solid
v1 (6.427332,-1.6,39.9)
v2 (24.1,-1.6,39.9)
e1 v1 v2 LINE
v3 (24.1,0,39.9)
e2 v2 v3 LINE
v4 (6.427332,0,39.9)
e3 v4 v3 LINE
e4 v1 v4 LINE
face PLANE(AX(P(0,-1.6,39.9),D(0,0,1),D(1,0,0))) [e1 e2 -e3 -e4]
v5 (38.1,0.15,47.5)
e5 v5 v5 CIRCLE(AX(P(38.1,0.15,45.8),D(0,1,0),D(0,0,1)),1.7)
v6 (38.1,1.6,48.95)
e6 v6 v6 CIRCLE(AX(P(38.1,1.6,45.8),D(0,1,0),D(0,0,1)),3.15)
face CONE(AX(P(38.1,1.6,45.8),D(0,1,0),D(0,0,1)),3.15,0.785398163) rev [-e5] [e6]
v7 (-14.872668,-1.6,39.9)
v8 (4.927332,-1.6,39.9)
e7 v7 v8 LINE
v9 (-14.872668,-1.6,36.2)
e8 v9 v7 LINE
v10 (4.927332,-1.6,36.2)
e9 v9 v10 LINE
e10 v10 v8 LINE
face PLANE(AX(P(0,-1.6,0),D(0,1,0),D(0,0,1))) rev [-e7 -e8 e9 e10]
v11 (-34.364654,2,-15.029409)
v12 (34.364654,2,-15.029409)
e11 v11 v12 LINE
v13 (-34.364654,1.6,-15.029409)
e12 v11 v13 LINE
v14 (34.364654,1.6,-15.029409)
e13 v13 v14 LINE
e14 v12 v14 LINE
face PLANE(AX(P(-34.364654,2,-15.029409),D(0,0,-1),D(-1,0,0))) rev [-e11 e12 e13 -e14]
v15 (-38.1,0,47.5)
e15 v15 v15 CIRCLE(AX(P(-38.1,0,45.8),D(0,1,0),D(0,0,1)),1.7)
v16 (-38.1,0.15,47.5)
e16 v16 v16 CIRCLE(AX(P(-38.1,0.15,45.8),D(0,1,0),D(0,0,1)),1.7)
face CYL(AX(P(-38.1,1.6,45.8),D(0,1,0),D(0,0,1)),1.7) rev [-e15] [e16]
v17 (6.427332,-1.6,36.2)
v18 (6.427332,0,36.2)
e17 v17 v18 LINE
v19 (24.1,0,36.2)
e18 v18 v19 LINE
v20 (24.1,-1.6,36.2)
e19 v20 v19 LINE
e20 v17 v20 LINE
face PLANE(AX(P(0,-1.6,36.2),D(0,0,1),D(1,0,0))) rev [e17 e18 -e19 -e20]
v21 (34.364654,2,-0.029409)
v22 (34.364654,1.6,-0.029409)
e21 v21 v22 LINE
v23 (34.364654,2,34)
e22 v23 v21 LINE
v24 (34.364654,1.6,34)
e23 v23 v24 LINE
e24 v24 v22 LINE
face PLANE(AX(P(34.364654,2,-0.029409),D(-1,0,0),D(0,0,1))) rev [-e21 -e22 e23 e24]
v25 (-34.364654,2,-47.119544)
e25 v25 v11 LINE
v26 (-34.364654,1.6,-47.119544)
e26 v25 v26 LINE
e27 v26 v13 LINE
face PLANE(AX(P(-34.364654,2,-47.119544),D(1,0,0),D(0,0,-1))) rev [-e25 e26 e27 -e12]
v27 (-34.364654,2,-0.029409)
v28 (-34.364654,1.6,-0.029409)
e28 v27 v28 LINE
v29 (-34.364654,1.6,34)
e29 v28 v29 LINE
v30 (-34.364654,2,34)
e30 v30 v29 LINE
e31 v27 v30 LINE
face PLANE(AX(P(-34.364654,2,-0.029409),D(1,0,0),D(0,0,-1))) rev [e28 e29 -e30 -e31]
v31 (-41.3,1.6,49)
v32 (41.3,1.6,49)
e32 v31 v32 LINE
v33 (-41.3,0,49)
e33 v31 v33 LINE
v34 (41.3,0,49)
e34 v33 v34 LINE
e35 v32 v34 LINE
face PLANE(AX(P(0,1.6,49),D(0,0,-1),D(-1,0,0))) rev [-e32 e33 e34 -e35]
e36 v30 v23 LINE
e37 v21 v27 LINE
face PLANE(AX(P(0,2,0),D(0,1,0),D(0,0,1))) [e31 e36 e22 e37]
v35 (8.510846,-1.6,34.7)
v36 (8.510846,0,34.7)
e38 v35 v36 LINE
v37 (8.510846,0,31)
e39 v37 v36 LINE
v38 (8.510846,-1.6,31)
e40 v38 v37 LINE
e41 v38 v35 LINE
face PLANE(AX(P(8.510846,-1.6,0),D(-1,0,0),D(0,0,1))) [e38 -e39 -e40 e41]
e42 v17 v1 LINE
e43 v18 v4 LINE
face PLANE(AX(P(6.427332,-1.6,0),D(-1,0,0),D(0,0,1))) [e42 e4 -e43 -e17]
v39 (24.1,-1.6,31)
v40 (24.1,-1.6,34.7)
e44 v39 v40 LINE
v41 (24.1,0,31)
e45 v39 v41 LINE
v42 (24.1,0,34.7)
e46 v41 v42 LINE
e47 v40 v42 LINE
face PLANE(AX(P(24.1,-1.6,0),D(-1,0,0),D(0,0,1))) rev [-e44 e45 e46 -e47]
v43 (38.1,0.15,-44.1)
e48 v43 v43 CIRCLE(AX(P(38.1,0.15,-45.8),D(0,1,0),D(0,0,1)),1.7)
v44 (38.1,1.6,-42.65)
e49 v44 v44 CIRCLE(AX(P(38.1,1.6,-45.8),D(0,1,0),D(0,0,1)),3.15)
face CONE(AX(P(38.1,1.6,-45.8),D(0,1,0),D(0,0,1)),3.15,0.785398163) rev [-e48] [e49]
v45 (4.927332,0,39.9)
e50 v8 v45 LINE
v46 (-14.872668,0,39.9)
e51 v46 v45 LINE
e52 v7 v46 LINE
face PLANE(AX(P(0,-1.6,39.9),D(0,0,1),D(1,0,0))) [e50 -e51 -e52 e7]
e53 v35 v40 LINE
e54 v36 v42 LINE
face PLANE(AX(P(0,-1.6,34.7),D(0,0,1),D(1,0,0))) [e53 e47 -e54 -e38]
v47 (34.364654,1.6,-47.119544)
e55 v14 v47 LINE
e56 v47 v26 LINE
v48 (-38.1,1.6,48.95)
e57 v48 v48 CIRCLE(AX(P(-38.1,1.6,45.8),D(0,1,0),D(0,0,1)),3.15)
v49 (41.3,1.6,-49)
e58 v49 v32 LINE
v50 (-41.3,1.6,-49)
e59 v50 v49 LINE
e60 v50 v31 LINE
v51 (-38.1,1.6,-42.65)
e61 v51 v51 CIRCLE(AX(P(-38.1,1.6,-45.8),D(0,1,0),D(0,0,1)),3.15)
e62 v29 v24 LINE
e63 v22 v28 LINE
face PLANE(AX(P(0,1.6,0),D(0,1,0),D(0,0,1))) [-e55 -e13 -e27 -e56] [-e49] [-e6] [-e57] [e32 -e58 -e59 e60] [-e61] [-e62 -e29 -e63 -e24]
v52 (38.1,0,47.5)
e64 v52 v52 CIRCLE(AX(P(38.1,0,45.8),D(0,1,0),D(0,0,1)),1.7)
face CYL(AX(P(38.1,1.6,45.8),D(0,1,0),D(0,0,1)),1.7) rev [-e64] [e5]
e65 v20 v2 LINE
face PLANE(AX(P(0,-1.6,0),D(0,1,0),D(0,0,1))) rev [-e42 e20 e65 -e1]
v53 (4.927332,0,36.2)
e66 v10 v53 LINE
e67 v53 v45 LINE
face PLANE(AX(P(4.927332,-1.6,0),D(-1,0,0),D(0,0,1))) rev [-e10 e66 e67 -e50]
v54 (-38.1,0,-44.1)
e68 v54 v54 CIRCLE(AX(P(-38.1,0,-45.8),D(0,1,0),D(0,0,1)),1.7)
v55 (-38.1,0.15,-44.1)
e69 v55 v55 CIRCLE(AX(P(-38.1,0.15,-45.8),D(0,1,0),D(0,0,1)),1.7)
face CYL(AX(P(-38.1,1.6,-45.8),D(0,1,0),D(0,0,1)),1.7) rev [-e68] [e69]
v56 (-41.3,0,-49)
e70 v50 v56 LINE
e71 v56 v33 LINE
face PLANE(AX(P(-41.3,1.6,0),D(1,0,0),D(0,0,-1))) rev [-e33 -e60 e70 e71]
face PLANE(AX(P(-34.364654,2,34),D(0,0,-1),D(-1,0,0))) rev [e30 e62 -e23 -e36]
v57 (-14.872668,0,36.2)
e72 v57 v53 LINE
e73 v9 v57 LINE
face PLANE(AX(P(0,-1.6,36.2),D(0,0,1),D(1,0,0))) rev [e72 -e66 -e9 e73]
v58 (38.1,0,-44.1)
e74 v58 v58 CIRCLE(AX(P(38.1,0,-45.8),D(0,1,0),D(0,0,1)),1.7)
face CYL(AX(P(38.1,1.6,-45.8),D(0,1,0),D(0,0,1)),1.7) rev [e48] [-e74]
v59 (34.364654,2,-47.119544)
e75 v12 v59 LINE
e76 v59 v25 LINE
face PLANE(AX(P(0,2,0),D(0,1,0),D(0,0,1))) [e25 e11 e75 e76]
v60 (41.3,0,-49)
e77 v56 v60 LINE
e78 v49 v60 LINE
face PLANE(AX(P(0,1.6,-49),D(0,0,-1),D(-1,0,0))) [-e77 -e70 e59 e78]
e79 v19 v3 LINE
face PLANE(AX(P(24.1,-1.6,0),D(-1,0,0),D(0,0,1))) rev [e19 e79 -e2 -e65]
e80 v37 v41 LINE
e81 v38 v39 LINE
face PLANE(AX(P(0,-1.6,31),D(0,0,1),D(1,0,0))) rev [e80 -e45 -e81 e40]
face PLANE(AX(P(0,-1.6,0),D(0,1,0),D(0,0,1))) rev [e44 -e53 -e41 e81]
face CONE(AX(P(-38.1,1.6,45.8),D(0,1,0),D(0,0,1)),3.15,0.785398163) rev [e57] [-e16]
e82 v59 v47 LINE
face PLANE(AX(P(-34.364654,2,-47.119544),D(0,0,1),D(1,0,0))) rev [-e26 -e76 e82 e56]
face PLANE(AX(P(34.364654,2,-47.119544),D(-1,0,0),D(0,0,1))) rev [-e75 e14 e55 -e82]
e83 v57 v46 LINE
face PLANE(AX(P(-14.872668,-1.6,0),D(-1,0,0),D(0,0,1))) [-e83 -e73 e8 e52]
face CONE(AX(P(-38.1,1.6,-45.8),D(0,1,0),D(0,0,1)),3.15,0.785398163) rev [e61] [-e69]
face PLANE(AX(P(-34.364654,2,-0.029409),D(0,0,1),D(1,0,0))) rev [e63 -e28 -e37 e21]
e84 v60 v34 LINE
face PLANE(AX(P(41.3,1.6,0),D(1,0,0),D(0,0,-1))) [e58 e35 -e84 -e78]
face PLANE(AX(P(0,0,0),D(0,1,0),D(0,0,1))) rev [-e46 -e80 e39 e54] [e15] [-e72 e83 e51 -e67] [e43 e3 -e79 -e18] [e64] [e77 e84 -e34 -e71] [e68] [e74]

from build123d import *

# Parameters (mm, degrees)
SKETCH1_W                                       = 82.6
SKETCH1_H                                       = 98
SKETCH1_R                                       = 1.6
BOSS_EXTRUDE1_DEPTH                             = 1.6
SKETCH1_3_W                                     = 19.8
SKETCH1_3_H                                     = 3.7
SKETCH1_3_W_2                                   = 17.672668113
SKETCH1_3_W_3                                   = 15.589154013
BOSS_EXTRUDE2_DEPTH                             = 1.6
SKETCH2_W                                       = 68.729308582
SKETCH2_H                                       = 32.090135436
SKETCH2_H_2                                     = 34.029409061
BOSS_EXTRUDE3_DEPTH                             = 0.4
CSK_FOR_M3_FLAT_HEAD_MACHINE_SCREW1_D           = 3.4
CSK_FOR_M3_FLAT_HEAD_MACHINE_SCREW1_DEPTH       = 3.15
CSK_FOR_M3_FLAT_HEAD_MACHINE_SCREW1_CSINK_D     = 6.3
CSK_FOR_M3_FLAT_HEAD_MACHINE_SCREW1_CSINK_ANGLE = 90
CSK_FOR_M3_FLAT_HEAD_MACHINE_SCREW1_TIP         = 1.021463052


with BuildPart() as part:
    # Sketch1 → Boss-Extrude1 (new body)
    with BuildSketch(Plane(origin=(0, 0, 0), x_dir=(1, 0, 0), z_dir=(0, 1, 0))):
        Rectangle(SKETCH1_W, SKETCH1_H)
        with Locations((-38.1, -45.8)):
            Circle(SKETCH1_R, mode=Mode.SUBTRACT)
        with Locations((38.1, -45.8)):
            Circle(SKETCH1_R, mode=Mode.SUBTRACT)
        with Locations((-38.1, 45.8)):
            Circle(SKETCH1_R, mode=Mode.SUBTRACT)
        with Locations((38.1, 45.8)):
            Circle(SKETCH1_R, mode=Mode.SUBTRACT)
    extrude(amount=BOSS_EXTRUDE1_DEPTH)

    # Sketch1<3> → Boss-Extrude2 (add)
    with BuildSketch(Plane(origin=(0, 0, 0), x_dir=(1, 0, 0), z_dir=(0, 1, 0))):
        with Locations((-4.972668113, -38.05)):
            Rectangle(SKETCH1_3_W, SKETCH1_3_H)
        with Locations((15.263665944, -38.05)):
            Rectangle(SKETCH1_3_W_2, SKETCH1_3_H)
        with Locations((16.305422994, -32.85)):
            Rectangle(SKETCH1_3_W_3, SKETCH1_3_H)
    extrude(amount=-BOSS_EXTRUDE2_DEPTH)

    # Sketch2 → Boss-Extrude3 (add)
    with BuildSketch(Plane(origin=(0, 1.6, 0), x_dir=(1, 0, 0), z_dir=(0, 1, 0))):
        with Locations((0, 31.074476779)):
            Rectangle(SKETCH2_W, SKETCH2_H)
        with Locations((0, -16.985295469)):
            Rectangle(SKETCH2_W, SKETCH2_H_2)
    extrude(amount=BOSS_EXTRUDE3_DEPTH)

    # CSK for M3 Flat Head Machine Screw1
    with Locations(Plane(origin=(0, 1.6, 0), x_dir=(1, 0, 0), z_dir=(0, 1, 0))):
        with Locations((-38.1, 45.8), (38.1, 45.8), (38.1, -45.8), (-38.1, -45.8)):
            CounterSinkHole(CSK_FOR_M3_FLAT_HEAD_MACHINE_SCREW1_D / 2, CSK_FOR_M3_FLAT_HEAD_MACHINE_SCREW1_CSINK_D / 2, depth=CSK_FOR_M3_FLAT_HEAD_MACHINE_SCREW1_DEPTH, counter_sink_angle=CSK_FOR_M3_FLAT_HEAD_MACHINE_SCREW1_CSINK_ANGLE)
            with Locations((0, 0, -(CSK_FOR_M3_FLAT_HEAD_MACHINE_SCREW1_DEPTH + CSK_FOR_M3_FLAT_HEAD_MACHINE_SCREW1_TIP / 2))):  # 118° drill point
                Cone(0, CSK_FOR_M3_FLAT_HEAD_MACHINE_SCREW1_D / 2, CSK_FOR_M3_FLAT_HEAD_MACHINE_SCREW1_TIP, mode=Mode.SUBTRACT)


solid = part.part
